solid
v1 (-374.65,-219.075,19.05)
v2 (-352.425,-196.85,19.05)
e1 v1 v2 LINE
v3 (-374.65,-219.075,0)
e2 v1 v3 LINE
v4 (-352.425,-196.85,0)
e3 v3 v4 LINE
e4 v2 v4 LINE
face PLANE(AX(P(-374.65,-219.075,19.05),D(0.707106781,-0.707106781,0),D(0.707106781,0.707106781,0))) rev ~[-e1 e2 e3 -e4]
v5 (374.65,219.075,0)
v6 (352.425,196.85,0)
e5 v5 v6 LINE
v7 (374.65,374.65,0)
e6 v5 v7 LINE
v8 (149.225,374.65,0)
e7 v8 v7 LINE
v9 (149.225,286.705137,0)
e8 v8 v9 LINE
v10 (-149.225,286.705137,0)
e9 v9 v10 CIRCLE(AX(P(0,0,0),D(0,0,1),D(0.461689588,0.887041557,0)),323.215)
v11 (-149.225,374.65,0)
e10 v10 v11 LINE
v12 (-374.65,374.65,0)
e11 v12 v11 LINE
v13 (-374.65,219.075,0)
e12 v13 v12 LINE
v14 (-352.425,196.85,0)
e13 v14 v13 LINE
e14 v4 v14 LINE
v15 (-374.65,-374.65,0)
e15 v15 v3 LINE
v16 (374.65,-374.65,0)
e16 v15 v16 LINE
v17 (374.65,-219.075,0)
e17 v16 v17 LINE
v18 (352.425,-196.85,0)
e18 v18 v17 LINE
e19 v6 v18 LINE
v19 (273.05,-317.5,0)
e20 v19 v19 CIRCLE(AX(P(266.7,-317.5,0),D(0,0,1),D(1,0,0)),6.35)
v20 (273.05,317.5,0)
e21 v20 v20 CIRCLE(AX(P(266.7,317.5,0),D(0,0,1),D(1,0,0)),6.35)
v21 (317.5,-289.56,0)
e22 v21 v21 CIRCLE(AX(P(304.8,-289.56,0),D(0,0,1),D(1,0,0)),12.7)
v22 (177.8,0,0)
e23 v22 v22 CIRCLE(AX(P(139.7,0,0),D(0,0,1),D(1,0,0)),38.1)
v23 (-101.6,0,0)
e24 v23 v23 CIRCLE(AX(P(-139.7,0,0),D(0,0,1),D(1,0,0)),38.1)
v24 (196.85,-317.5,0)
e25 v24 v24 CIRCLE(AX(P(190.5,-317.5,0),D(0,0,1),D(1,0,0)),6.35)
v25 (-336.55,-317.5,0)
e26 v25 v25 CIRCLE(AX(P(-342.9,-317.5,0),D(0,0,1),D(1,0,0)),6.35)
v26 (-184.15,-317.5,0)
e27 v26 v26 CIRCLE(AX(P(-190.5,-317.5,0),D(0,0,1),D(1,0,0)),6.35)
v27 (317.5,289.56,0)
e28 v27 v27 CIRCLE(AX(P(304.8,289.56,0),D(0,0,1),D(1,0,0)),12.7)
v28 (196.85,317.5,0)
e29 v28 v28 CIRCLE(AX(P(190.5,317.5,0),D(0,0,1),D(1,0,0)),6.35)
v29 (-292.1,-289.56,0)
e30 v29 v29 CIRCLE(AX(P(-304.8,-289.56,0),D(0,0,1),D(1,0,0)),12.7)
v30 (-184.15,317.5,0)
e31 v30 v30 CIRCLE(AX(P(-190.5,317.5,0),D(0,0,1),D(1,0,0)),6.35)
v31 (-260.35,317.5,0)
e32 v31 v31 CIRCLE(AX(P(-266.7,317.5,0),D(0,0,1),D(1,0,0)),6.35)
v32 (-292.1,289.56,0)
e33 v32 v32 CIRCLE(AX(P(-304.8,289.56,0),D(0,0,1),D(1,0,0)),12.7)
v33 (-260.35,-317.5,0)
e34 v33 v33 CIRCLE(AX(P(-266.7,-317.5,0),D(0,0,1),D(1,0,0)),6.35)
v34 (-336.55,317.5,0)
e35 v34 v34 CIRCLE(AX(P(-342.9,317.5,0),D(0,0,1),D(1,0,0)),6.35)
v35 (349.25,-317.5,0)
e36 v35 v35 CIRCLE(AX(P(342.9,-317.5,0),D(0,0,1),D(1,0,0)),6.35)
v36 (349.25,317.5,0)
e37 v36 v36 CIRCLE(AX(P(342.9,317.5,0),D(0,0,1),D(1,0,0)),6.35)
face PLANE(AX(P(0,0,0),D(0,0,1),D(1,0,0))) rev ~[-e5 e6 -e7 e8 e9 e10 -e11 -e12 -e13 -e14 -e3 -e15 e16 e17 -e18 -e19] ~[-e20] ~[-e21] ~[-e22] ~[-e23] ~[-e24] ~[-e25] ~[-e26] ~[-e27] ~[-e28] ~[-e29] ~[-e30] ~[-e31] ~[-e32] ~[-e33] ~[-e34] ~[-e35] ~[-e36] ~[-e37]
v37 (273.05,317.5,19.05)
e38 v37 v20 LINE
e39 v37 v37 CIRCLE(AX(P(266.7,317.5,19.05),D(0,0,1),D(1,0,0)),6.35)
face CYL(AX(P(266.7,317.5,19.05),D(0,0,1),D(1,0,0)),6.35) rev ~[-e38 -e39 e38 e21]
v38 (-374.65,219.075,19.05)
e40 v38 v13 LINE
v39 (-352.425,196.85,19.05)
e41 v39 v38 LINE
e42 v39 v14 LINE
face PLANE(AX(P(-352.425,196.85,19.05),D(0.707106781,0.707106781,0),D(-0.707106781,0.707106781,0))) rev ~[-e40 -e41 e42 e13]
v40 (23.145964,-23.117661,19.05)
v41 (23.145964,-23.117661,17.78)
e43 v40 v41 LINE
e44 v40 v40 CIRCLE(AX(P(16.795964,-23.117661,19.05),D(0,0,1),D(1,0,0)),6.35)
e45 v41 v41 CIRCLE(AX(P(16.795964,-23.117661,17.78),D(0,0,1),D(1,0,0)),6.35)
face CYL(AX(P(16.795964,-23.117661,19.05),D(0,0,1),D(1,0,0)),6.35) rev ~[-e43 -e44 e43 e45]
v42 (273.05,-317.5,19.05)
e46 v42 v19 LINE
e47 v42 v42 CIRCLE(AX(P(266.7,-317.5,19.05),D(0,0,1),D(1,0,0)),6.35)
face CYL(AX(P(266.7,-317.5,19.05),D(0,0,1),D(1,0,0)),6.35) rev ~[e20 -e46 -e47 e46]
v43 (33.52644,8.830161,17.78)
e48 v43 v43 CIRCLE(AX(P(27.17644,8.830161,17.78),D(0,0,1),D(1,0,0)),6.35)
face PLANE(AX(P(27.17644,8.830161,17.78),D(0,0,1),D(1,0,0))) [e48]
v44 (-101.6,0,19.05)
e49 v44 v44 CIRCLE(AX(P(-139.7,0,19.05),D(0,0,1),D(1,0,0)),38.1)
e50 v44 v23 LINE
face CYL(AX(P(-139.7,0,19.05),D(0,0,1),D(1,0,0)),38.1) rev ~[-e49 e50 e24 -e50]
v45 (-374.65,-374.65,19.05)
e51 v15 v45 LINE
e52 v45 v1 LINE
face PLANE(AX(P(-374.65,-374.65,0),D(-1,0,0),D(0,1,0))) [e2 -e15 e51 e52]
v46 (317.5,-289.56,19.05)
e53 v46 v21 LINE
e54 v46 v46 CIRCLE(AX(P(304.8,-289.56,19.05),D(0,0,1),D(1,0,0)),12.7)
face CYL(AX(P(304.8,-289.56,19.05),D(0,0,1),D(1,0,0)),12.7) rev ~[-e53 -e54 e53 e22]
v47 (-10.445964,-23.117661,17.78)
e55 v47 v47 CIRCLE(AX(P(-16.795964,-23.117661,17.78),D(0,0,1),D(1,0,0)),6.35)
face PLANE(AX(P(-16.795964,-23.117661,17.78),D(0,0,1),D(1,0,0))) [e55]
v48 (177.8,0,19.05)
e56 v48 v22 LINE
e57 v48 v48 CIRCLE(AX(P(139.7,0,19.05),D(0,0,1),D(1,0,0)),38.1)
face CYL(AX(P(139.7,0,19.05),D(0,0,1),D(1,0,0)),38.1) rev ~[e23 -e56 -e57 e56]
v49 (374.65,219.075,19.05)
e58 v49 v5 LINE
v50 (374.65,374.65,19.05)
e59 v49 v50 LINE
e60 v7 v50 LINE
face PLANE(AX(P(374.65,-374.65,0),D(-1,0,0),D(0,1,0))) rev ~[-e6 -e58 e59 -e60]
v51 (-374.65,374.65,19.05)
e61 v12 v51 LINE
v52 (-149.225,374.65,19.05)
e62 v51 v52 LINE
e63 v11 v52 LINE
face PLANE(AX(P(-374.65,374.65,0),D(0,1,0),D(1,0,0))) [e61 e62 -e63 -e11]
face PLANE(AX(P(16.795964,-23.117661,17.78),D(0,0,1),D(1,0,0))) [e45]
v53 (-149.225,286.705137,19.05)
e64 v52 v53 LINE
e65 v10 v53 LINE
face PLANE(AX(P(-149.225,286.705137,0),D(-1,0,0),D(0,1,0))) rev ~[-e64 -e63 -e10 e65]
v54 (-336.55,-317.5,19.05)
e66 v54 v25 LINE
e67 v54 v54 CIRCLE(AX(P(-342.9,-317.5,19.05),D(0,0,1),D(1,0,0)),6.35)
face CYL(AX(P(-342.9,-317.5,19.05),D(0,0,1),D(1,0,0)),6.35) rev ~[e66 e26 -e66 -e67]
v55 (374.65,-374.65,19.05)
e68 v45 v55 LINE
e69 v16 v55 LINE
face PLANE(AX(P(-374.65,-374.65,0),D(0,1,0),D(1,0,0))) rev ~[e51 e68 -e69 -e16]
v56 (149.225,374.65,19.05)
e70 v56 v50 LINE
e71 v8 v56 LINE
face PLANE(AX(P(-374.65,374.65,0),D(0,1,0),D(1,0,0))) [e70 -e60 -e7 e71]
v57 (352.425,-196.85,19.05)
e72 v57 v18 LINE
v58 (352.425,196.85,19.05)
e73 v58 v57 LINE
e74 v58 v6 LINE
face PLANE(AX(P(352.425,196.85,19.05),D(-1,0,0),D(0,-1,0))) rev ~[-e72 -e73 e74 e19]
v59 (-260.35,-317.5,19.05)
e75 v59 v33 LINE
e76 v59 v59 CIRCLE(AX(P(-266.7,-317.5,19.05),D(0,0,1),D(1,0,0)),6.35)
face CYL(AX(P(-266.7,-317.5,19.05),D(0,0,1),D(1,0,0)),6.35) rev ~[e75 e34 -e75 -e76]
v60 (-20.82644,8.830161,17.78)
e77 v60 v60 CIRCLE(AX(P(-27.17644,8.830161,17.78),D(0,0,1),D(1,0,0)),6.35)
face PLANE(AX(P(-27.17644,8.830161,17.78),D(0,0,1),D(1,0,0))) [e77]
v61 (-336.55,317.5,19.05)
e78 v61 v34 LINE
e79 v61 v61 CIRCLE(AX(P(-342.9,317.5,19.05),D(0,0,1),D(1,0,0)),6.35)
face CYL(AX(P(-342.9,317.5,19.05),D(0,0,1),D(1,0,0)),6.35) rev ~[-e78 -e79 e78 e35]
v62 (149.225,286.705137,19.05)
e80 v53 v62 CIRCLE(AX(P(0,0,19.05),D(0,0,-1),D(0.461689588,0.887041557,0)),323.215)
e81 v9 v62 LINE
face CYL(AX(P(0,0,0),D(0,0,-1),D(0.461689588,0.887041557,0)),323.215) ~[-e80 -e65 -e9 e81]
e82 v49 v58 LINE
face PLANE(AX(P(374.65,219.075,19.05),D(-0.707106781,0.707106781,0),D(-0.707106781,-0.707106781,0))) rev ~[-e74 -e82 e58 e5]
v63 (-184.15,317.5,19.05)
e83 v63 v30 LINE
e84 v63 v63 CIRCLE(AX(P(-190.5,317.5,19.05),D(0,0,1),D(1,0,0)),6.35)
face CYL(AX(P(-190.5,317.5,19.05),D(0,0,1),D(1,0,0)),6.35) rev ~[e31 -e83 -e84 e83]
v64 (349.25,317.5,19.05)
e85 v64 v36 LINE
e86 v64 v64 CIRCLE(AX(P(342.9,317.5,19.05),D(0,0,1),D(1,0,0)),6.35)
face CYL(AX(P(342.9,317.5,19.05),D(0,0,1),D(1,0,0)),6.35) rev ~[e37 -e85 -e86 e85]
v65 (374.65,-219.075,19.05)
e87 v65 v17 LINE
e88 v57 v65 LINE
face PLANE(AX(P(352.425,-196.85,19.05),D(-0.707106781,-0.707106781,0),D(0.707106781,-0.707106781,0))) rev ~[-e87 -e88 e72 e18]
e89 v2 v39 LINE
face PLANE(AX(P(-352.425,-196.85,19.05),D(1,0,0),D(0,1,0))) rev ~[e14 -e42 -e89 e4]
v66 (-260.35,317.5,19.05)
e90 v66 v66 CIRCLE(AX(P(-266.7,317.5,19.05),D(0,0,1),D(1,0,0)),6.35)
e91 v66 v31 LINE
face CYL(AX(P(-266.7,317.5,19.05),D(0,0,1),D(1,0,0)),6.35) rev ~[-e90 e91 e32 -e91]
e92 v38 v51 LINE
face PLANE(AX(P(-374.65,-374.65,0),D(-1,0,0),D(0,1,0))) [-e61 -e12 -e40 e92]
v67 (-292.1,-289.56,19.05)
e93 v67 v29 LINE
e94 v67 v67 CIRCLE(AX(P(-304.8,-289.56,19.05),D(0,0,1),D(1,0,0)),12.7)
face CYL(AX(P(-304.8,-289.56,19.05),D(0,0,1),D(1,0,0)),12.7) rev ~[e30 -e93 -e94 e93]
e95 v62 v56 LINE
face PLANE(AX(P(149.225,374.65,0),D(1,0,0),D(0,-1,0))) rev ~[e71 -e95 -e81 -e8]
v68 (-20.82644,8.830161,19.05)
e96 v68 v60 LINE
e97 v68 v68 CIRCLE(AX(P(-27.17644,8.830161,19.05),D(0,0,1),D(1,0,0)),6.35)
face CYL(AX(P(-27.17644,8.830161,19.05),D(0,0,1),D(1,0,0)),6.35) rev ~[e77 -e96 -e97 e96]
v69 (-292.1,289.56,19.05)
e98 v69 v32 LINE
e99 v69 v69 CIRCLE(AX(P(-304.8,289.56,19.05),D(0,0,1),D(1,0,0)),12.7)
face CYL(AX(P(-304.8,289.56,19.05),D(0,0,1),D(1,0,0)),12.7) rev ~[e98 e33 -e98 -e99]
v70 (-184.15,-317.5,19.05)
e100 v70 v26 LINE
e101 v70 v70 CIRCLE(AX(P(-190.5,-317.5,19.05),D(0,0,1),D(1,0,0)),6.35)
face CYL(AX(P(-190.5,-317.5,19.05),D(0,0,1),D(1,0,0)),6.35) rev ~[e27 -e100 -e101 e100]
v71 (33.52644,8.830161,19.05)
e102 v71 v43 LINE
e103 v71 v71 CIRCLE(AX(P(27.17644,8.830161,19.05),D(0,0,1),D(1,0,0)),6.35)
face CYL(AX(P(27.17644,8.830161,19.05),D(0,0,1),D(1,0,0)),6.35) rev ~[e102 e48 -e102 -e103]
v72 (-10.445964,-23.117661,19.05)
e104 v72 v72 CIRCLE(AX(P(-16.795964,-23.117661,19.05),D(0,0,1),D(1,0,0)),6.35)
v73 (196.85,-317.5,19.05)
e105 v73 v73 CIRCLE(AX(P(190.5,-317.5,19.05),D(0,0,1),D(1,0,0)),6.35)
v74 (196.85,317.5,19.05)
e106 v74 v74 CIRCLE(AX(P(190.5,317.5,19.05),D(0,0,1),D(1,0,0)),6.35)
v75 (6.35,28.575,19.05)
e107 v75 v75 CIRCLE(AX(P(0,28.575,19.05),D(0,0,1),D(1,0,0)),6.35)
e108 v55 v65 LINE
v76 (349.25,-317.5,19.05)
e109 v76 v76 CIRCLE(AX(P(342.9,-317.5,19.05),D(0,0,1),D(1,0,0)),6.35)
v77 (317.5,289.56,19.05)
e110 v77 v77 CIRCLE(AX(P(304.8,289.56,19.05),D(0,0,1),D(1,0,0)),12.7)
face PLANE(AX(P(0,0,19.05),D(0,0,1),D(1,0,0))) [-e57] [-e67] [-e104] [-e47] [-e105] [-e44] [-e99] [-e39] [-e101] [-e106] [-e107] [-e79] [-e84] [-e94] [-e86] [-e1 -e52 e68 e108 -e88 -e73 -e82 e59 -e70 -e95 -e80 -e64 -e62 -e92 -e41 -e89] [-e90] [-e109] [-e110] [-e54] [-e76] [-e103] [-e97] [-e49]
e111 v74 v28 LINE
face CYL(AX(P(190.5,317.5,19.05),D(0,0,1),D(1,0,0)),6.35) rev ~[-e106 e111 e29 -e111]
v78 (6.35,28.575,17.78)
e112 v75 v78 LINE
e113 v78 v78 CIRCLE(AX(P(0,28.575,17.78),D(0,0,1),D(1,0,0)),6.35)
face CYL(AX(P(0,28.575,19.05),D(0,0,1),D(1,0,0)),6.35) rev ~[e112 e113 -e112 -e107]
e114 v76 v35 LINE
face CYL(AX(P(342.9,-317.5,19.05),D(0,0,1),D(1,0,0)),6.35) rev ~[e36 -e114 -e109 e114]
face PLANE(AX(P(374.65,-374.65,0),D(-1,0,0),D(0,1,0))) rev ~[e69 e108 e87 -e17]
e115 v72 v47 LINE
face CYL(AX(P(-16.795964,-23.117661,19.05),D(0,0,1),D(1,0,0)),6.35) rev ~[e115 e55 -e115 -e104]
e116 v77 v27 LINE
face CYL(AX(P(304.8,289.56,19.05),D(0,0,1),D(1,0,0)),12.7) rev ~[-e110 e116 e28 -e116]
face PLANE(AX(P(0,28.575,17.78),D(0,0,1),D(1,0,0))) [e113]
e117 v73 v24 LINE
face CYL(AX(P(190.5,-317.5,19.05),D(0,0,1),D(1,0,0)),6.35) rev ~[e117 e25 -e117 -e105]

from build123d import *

# Parameters (mm, degrees)
F0_W     = 749.3
F0_H     = 749.3
F1_DEPTH = 19.05
F3_DEPTH = 114.3
F4_R     = 6.35
F5_DEPTH = 1.27
F6_R     = 6.35
F6_R_2   = 12.7
F6_R_3   = 38.1
F7_DEPTH = 25.4
F9_DEPTH = 37.592


with BuildPart() as f1:
    # F0 (on Top) → F1 (new body)
    with BuildSketch(Plane.XY):
        Rectangle(F0_W, F0_H)
    extrude(amount=F1_DEPTH)

    # F2 (on face) → F3 (cut)
    with BuildSketch(Plane.XY.offset(19.05)):
        Polygon((-352.425, 196.85), (-374.65, 219.075), (-374.65, -219.075), (-352.425, -196.85), align=None)
        Polygon((374.65, -219.075), (374.65, 219.075), (352.425, 196.85), (352.425, -196.85), align=None)
    extrude(amount=-F3_DEPTH, mode=Mode.SUBTRACT)

    # F4 (on face) → F5 (cut)
    with BuildSketch(Plane.XY.offset(19.05)):
        with Locations((0, 28.575)):
            Circle(F4_R)
        with Locations((-27.17644, 8.830161)):
            Circle(F4_R)
        with Locations((-16.795964, -23.117661)):
            Circle(F4_R)
        with Locations((16.795964, -23.117661)):
            Circle(F4_R)
        with Locations((27.17644, 8.830161)):
            Circle(F4_R)
    extrude(amount=-F5_DEPTH, mode=Mode.SUBTRACT)

    # F6 (on face) → F7 (cut)
    with BuildSketch(Plane.XY.offset(19.05)):
        with Locations((190.5, -317.5)):
            Circle(F6_R)
        with Locations((266.7, -317.5)):
            Circle(F6_R)
        with Locations((342.9, -317.5)):
            Circle(F6_R)
        with Locations((304.8, -289.56)):
            Circle(F6_R_2)
        with Locations((304.8, 289.56)):
            Circle(F6_R_2)
        with Locations((342.9, 317.5)):
            Circle(F6_R)
        with Locations((266.7, 317.5)):
            Circle(F6_R)
        with Locations((190.5, 317.5)):
            Circle(F6_R)
        with Locations((-304.8, -289.56)):
            Circle(F6_R_2)
        with Locations((-342.9, -317.5)):
            Circle(F6_R)
        with Locations((-266.7, -317.5)):
            Circle(F6_R)
        with Locations((-190.5, -317.5)):
            Circle(F6_R)
        with Locations((-190.5, 317.5)):
            Circle(F6_R)
        with Locations((-266.7, 317.5)):
            Circle(F6_R)
        with Locations((-342.9, 317.5)):
            Circle(F6_R)
        with Locations((-304.8, 289.56)):
            Circle(F6_R_2)
        with Locations((-139.7, 0)):
            Circle(F6_R_3)
        with Locations((139.7, 0)):
            Circle(F6_R_3)
    extrude(amount=-F7_DEPTH, mode=Mode.SUBTRACT)

    # F8 (on face) → F9 (cut)
    with BuildSketch(Plane(origin=(0, 0, 0), x_dir=(1, 0, 0), z_dir=(0, 0, -1))):
        with BuildLine():
            Line((-149.225, -374.65), (0, -374.65))
            Line((0, -374.65), (149.225, -374.65))
            Line((149.225, -374.65), (149.225, -287.42081))
            Line((149.225, -287.42081), (149.225, -286.705137))
            ThreePointArc((149.225, -286.705137), (0, -323.215), (-149.225, -286.705137))
            Line((-149.225, -286.705137), (-149.225, -287.42081))
            Line((-149.225, -287.42081), (-149.225, -374.65))
        make_face()
    extrude(amount=-F9_DEPTH, mode=Mode.SUBTRACT)


solid = f1.part
